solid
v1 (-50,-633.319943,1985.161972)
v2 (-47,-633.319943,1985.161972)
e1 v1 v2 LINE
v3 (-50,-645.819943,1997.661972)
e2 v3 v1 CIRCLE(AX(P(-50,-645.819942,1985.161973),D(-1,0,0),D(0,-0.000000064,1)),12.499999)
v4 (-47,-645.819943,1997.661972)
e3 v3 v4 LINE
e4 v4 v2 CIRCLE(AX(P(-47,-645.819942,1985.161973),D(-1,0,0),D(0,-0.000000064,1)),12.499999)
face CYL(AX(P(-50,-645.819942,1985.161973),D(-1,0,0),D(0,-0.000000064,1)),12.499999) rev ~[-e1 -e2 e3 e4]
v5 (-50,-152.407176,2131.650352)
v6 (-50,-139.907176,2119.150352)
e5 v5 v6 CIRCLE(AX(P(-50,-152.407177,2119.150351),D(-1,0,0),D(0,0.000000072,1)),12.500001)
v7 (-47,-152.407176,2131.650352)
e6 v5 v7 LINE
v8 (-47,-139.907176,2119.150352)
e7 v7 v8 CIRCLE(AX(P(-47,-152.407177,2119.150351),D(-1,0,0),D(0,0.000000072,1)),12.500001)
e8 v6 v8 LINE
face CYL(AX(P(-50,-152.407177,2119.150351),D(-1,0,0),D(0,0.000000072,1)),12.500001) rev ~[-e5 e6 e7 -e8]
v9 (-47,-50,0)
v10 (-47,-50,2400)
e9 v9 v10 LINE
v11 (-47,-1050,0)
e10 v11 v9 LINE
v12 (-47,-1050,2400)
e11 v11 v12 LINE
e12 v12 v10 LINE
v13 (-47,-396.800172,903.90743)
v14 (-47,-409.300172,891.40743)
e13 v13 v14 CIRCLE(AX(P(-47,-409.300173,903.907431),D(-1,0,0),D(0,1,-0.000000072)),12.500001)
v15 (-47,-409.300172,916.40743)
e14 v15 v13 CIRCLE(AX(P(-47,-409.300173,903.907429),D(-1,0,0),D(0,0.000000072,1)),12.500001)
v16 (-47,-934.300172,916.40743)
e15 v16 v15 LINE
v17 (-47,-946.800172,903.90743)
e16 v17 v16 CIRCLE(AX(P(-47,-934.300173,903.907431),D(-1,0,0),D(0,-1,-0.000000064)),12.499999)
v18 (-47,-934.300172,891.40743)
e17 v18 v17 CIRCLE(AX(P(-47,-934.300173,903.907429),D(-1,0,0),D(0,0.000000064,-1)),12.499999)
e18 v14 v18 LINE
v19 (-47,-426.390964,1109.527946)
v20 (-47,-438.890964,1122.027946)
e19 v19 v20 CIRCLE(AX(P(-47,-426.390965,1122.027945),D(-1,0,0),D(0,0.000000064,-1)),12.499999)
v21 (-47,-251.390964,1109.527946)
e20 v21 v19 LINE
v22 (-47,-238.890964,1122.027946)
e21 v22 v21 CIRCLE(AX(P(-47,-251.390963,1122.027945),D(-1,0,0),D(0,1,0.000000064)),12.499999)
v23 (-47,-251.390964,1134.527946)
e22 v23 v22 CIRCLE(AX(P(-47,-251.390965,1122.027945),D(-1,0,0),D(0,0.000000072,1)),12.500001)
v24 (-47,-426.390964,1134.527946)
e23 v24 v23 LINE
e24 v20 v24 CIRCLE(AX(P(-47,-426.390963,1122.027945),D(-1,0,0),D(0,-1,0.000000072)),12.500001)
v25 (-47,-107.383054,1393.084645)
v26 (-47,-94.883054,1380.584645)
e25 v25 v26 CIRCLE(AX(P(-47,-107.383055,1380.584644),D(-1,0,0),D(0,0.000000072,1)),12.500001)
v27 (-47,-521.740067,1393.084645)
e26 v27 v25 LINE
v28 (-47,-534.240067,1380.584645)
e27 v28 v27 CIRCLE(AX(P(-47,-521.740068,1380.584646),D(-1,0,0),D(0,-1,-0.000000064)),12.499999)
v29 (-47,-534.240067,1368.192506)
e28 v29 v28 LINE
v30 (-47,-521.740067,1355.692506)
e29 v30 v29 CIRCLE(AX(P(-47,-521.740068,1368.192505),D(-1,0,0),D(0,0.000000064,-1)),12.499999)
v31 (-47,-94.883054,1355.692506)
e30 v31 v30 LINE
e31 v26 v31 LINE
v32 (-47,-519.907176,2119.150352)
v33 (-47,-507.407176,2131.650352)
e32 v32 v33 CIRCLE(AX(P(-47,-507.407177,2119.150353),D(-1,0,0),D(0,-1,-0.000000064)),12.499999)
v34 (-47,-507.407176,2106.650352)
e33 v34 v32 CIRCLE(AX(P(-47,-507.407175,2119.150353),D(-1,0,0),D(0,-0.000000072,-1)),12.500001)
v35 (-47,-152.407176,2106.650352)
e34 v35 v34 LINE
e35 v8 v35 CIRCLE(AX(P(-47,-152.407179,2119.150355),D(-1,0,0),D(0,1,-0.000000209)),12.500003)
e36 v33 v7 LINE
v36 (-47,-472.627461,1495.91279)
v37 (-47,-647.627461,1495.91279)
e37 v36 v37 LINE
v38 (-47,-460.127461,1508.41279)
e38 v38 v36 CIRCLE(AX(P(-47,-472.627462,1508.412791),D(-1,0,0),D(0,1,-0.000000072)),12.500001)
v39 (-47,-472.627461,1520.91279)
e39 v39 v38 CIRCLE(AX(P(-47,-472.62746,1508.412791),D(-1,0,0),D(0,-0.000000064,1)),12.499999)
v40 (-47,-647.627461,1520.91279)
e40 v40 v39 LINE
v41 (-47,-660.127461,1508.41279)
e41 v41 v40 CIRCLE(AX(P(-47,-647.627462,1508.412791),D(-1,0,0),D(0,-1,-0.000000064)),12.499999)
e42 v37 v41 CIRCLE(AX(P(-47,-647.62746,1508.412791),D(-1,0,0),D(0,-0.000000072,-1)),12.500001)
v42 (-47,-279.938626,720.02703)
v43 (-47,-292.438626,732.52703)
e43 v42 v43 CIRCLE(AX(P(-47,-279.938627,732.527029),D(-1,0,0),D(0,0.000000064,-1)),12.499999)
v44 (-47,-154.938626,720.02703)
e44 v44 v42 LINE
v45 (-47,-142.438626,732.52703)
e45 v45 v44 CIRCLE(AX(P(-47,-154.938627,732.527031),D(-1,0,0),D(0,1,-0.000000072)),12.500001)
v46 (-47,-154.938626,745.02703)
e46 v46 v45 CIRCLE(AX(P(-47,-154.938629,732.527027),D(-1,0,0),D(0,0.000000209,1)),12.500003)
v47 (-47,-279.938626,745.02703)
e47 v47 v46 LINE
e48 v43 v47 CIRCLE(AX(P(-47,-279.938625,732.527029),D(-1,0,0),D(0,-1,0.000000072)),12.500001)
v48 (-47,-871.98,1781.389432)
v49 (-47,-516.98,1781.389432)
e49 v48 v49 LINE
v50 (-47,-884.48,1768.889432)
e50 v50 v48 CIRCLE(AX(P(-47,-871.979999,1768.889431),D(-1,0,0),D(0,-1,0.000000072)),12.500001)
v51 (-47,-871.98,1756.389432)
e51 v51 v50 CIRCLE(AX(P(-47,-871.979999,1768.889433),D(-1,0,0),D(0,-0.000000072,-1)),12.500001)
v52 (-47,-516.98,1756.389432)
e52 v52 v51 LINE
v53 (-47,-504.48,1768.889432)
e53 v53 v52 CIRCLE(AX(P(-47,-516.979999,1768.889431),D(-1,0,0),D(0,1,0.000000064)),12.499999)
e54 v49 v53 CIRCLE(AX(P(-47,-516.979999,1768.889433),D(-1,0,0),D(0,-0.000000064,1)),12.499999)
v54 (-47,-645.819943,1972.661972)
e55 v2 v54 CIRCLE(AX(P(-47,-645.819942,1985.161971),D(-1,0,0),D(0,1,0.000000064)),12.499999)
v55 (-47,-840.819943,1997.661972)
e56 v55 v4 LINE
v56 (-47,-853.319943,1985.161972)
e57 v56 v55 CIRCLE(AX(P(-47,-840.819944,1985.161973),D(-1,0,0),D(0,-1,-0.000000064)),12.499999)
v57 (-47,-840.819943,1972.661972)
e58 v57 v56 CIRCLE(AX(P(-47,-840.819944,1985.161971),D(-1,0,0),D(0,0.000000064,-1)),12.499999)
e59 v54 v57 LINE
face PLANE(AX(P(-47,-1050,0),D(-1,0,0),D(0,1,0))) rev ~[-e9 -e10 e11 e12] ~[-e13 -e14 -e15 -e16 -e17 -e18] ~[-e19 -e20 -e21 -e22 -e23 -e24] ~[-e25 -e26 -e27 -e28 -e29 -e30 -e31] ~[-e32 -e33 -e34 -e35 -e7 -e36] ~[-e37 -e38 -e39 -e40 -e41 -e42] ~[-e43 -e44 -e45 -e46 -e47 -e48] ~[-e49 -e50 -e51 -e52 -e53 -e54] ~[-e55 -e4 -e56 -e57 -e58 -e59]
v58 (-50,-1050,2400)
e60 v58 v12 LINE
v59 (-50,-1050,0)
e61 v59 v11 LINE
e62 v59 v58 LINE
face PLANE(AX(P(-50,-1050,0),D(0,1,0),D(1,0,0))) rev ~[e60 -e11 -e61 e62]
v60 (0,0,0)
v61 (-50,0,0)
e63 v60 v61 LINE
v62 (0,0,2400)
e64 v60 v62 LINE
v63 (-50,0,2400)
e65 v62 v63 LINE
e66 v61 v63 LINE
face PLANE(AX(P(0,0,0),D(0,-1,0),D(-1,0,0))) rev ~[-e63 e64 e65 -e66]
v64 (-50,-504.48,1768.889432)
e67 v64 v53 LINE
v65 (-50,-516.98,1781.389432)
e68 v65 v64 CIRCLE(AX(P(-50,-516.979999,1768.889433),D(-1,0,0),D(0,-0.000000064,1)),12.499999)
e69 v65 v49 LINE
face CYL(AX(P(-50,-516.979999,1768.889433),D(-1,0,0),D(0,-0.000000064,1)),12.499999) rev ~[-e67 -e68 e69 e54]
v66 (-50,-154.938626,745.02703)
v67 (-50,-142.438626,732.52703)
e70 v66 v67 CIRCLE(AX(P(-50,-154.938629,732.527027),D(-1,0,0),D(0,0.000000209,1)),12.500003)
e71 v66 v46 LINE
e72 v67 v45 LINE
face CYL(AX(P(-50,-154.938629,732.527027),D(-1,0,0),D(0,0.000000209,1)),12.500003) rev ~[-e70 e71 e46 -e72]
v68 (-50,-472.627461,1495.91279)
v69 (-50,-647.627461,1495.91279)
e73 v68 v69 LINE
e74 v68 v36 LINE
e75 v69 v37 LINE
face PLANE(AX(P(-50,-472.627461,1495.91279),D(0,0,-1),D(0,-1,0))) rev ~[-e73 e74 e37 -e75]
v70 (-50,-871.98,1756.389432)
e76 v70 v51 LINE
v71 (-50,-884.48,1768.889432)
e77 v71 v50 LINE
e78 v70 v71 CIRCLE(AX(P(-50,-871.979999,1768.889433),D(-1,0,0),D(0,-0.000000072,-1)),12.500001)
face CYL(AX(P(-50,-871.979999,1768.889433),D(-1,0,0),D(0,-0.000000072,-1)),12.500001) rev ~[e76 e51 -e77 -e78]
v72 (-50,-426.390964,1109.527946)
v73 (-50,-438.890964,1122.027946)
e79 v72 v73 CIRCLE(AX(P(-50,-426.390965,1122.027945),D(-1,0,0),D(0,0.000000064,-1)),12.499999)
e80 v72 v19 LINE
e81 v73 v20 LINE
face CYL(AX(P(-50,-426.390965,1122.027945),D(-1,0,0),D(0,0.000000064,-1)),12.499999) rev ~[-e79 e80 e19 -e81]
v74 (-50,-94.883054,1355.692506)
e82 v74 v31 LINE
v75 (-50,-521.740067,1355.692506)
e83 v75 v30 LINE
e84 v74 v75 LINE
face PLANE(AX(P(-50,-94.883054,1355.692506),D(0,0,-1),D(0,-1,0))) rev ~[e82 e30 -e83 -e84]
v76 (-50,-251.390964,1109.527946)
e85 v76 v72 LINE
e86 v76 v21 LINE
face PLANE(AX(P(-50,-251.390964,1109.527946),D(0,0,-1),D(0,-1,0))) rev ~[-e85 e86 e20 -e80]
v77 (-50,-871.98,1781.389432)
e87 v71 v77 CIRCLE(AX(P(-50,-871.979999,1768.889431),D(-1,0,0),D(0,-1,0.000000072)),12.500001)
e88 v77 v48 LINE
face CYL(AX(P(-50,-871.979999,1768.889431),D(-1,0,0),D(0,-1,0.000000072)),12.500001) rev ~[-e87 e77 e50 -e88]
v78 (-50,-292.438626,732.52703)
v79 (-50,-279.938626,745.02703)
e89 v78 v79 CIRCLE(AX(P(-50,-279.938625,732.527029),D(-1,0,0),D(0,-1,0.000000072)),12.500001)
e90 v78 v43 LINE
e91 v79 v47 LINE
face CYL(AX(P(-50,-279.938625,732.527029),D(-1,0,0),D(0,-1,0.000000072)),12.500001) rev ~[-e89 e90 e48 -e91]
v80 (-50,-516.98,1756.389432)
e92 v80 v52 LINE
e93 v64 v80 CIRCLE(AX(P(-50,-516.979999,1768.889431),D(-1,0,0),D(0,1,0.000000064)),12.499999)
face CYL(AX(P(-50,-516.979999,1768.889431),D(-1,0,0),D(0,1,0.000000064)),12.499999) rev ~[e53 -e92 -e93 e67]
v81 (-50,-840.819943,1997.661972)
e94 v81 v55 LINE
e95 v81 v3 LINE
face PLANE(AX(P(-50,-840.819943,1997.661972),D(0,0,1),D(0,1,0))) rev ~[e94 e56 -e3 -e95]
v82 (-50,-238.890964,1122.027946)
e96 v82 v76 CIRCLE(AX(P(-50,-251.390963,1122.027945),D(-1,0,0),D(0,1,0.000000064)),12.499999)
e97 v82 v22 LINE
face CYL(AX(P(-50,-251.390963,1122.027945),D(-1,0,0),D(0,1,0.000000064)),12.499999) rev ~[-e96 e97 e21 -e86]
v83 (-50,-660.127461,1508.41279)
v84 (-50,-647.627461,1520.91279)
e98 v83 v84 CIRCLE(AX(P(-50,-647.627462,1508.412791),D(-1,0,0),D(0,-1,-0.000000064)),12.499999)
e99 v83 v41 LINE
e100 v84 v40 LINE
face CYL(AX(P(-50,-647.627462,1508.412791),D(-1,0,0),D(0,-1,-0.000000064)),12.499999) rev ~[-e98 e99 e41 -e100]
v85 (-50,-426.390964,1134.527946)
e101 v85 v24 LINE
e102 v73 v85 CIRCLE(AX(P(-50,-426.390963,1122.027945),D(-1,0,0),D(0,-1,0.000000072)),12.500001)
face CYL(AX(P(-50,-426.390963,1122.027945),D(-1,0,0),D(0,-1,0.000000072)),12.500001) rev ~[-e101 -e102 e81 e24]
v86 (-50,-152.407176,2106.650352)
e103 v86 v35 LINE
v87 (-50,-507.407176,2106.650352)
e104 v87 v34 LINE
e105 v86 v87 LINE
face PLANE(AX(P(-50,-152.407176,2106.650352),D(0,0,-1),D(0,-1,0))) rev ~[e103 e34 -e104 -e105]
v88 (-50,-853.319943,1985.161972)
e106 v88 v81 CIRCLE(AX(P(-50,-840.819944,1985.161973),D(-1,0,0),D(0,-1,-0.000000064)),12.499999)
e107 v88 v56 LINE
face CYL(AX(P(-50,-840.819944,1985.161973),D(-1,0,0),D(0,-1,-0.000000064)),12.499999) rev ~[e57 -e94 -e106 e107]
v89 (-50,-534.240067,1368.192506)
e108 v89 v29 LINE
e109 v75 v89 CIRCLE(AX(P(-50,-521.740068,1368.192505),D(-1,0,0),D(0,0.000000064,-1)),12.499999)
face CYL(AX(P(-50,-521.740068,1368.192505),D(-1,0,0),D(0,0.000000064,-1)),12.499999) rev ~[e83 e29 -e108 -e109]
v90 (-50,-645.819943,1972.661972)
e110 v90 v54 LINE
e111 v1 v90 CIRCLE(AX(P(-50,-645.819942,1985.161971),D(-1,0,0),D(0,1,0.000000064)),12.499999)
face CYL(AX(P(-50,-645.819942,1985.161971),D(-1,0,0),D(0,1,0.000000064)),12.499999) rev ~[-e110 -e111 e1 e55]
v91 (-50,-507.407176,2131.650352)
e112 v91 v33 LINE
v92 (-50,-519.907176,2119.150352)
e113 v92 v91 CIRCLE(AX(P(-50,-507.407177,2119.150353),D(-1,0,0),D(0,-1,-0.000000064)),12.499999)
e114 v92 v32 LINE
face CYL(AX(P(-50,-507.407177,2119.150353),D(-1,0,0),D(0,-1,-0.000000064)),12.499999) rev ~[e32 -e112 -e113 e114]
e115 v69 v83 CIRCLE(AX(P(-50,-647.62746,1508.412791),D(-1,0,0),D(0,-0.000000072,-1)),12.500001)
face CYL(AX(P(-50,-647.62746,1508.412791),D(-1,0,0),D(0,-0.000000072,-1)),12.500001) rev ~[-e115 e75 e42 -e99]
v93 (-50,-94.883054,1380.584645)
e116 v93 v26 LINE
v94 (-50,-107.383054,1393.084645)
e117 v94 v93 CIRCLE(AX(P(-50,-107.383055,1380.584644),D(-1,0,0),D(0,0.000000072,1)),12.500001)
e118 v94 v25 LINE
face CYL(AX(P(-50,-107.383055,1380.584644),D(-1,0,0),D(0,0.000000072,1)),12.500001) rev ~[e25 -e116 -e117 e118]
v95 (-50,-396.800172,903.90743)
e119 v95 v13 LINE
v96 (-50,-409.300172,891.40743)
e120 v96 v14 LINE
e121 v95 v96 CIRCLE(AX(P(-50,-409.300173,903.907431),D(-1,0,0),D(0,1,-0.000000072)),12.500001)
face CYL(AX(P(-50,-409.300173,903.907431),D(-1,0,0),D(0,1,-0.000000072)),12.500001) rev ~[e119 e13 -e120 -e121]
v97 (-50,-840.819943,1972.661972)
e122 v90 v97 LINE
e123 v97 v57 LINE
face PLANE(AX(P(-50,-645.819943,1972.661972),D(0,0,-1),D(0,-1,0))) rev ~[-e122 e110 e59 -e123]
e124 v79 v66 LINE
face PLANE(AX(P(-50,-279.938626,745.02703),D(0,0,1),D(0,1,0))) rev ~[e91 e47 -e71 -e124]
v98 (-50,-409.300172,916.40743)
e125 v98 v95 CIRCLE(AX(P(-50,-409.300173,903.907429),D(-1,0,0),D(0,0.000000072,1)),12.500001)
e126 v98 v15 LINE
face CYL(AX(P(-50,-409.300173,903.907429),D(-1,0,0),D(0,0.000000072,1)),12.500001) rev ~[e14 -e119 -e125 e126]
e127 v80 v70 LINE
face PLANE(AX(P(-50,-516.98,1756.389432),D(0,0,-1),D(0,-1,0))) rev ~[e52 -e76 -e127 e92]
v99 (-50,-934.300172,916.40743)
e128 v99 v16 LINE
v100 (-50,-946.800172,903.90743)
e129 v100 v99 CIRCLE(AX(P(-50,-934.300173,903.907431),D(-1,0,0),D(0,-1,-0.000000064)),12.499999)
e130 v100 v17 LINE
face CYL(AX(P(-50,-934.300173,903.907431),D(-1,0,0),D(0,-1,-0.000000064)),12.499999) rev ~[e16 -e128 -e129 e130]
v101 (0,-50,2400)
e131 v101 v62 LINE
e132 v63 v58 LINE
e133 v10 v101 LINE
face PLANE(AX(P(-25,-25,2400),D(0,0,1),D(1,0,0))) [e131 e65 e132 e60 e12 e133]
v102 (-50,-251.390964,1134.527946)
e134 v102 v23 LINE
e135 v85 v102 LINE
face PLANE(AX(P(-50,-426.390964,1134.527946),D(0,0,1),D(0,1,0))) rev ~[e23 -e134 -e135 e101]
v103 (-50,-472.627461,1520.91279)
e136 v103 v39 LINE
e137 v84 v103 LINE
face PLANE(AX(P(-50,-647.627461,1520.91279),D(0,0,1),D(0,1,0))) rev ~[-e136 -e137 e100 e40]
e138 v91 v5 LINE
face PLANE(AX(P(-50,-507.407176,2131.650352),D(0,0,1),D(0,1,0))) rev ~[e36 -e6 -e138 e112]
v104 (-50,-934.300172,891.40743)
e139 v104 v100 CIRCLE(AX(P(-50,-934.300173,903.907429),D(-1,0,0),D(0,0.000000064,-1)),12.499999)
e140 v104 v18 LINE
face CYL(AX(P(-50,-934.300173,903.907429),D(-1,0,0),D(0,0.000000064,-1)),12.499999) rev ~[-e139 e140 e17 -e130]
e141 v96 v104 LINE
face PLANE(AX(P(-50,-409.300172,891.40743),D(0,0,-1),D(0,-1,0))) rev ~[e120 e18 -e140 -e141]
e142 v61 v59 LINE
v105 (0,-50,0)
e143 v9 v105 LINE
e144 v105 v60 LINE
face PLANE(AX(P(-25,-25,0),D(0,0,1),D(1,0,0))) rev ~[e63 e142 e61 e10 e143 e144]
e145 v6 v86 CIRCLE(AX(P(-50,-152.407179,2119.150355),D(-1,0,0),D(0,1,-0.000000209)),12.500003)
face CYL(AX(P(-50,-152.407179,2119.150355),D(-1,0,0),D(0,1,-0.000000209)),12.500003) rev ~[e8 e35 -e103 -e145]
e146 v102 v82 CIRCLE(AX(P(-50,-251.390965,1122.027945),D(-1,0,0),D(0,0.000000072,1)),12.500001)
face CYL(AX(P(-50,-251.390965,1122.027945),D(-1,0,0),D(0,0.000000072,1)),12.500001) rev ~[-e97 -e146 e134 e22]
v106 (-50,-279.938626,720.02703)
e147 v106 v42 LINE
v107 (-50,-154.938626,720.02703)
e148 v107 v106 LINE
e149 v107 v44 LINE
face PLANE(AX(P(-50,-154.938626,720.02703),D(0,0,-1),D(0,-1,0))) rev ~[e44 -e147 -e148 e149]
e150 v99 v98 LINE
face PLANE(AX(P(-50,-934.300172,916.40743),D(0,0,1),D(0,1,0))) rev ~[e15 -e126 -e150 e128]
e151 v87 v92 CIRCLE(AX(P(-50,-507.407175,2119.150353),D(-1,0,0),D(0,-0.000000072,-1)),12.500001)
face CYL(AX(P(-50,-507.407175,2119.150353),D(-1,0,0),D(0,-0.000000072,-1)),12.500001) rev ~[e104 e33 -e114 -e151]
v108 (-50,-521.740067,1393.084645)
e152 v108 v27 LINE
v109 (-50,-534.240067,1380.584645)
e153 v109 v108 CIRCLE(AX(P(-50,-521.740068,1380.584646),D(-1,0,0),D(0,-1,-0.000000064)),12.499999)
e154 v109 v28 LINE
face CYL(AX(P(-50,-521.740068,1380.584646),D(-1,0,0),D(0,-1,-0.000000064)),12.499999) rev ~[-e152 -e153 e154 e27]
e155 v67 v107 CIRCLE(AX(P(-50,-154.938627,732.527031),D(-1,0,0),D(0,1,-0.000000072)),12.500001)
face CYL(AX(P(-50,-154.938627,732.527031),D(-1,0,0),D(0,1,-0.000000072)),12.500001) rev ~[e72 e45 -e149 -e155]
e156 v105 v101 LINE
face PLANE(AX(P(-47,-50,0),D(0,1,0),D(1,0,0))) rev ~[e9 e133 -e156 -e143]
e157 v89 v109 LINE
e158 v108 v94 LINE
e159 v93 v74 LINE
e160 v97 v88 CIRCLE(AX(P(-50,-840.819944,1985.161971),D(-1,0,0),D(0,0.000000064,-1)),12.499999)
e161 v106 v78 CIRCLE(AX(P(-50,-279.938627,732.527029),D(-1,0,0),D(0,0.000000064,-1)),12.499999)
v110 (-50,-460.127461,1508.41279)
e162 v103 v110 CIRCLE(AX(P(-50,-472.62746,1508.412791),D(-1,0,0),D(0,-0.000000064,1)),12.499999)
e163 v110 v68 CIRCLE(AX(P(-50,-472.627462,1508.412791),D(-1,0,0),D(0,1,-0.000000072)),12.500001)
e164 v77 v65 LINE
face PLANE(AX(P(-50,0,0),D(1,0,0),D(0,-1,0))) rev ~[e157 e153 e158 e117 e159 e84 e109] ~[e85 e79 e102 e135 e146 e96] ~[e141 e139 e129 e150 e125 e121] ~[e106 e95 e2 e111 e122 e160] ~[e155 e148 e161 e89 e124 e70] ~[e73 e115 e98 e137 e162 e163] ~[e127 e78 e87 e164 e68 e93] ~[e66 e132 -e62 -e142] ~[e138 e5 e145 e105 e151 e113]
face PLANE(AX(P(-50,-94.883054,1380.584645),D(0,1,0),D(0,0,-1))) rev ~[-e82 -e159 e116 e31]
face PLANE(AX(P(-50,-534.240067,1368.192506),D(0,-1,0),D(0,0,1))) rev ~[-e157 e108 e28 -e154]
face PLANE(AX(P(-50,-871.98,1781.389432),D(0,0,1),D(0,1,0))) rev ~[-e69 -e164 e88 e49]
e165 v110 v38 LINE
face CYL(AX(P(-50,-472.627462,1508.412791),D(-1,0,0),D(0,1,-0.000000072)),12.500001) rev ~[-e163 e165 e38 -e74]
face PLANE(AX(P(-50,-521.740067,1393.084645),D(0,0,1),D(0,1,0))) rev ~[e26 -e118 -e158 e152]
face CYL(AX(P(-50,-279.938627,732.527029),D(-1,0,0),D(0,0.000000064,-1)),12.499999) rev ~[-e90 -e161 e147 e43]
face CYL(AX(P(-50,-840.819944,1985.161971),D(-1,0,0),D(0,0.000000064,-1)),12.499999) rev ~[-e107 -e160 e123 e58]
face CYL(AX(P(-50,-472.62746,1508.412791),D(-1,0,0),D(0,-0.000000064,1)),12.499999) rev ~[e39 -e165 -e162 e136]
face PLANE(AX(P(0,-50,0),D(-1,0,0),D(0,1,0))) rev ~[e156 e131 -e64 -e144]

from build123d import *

# Parameters (mm, degrees)
F0_W     = 3
F0_H     = 1000
F1_DEPTH = 2400
F3_DEPTH = 25


with BuildPart() as f1:
    # F0 (on Top) → F1 (new body)
    with BuildSketch(Plane.XY):
        Polygon((0, -50), (0, 0), (-50, 0), (-50, -50), (-47, -50), align=None)
        with Locations((-48.5, -550)):
            Rectangle(F0_W, F0_H)
    extrude(amount=F1_DEPTH)

    # F2 (on face) → F3 (cut)
    with BuildSketch(Plane(origin=(-50, 0, 0), x_dir=(0, -1, 0), z_dir=(-1, 0, 0))):
        with BuildLine():
            Line((507.407176, 2131.650352), (152.407176, 2131.650352))
            ThreePointArc((152.407176, 2131.650352), (143.568342, 2127.989187), (139.907176, 2119.150352))
            ThreePointArc((139.907176, 2119.150352), (143.568342, 2110.311518), (152.407176, 2106.650352))
            Line((152.407176, 2106.650352), (507.407176, 2106.650352))
            ThreePointArc((507.407176, 2106.650352), (516.246011, 2110.311518), (519.907176, 2119.150352))
            ThreePointArc((519.907176, 2119.150352), (516.246011, 2127.989187), (507.407176, 2131.650352))
        make_face()
        with BuildLine():
            Line((871.98, 1781.389432), (516.98, 1781.389432))
            ThreePointArc((516.98, 1781.389432), (508.141165, 1777.728267), (504.48, 1768.889432))
            ThreePointArc((504.48, 1768.889432), (508.141165, 1760.050597), (516.98, 1756.389432))
            Line((516.98, 1756.389432), (871.98, 1756.389432))
            ThreePointArc((871.98, 1756.389432), (880.818834, 1760.050597), (884.48, 1768.889432))
            ThreePointArc((884.48, 1768.889432), (880.818834, 1777.728267), (871.98, 1781.389432))
        make_face()
        with BuildLine():
            Line((647.627461, 1520.91279), (472.627461, 1520.91279))
            ThreePointArc((472.627461, 1520.91279), (463.788626, 1517.251625), (460.127461, 1508.41279))
            ThreePointArc((460.127461, 1508.41279), (463.788626, 1499.573956), (472.627461, 1495.91279))
            Line((472.627461, 1495.91279), (647.627461, 1495.91279))
            ThreePointArc((647.627461, 1495.91279), (656.466296, 1499.573956), (660.127461, 1508.41279))
            ThreePointArc((660.127461, 1508.41279), (656.466296, 1517.251625), (647.627461, 1520.91279))
        make_face()
        with BuildLine():
            Line((426.390964, 1134.527946), (251.390964, 1134.527946))
            ThreePointArc((251.390964, 1134.527946), (242.552129, 1130.86678), (238.890964, 1122.027946))
            ThreePointArc((238.890964, 1122.027946), (242.552129, 1113.189111), (251.390964, 1109.527946))
            Line((251.390964, 1109.527946), (426.390964, 1109.527946))
            ThreePointArc((426.390964, 1109.527946), (435.229799, 1113.189111), (438.890964, 1122.027946))
            ThreePointArc((438.890964, 1122.027946), (435.229799, 1130.86678), (426.390964, 1134.527946))
        make_face()
        with BuildLine():
            Line((934.300172, 916.40743), (409.300172, 916.40743))
            ThreePointArc((409.300172, 916.40743), (400.461338, 912.746265), (396.800172, 903.90743))
            ThreePointArc((396.800172, 903.90743), (400.461338, 895.068595), (409.300172, 891.40743))
            Line((409.300172, 891.40743), (934.300172, 891.40743))
            ThreePointArc((934.300172, 891.40743), (943.139007, 895.068595), (946.800172, 903.90743))
            ThreePointArc((946.800172, 903.90743), (943.139007, 912.746265), (934.300172, 916.40743))
        make_face()
        with BuildLine():
            Line((279.938626, 745.02703), (154.938626, 745.02703))
            ThreePointArc((154.938626, 745.02703), (146.099792, 741.365864), (142.438626, 732.52703))
            ThreePointArc((142.438626, 732.52703), (146.099792, 723.688195), (154.938626, 720.02703))
            Line((154.938626, 720.02703), (279.938626, 720.02703))
            ThreePointArc((279.938626, 720.02703), (288.777461, 723.688195), (292.438626, 732.52703))
            ThreePointArc((292.438626, 732.52703), (288.777461, 741.365864), (279.938626, 745.02703))
        make_face()
        with BuildLine():
            Line((840.819943, 1997.661972), (645.819943, 1997.661972))
            ThreePointArc((645.819943, 1997.661972), (636.981108, 1994.000807), (633.319943, 1985.161972))
            ThreePointArc((633.319943, 1985.161972), (636.981108, 1976.323137), (645.819943, 1972.661972))
            Line((645.819943, 1972.661972), (840.819943, 1972.661972))
            ThreePointArc((840.819943, 1972.661972), (849.658778, 1976.323137), (853.319943, 1985.161972))
            ThreePointArc((853.319943, 1985.161972), (849.658778, 1994.000807), (840.819943, 1997.661972))
        make_face()
        with BuildLine():
            Line((521.740067, 1393.084645), (107.383054, 1393.084645))
            ThreePointArc((107.383054, 1393.084645), (98.54422, 1389.42348), (94.883054, 1380.584645))
            Line((94.883054, 1380.584645), (94.883054, 1355.692506))
            Line((94.883054, 1355.692506), (521.740067, 1355.692506))
            ThreePointArc((521.740067, 1355.692506), (530.578902, 1359.353671), (534.240067, 1368.192506))
            Line((534.240067, 1368.192506), (534.240067, 1380.584645))
            ThreePointArc((534.240067, 1380.584645), (530.578902, 1389.42348), (521.740067, 1393.084645))
        make_face()
    extrude(amount=-F3_DEPTH, mode=Mode.SUBTRACT)


solid = f1.part
